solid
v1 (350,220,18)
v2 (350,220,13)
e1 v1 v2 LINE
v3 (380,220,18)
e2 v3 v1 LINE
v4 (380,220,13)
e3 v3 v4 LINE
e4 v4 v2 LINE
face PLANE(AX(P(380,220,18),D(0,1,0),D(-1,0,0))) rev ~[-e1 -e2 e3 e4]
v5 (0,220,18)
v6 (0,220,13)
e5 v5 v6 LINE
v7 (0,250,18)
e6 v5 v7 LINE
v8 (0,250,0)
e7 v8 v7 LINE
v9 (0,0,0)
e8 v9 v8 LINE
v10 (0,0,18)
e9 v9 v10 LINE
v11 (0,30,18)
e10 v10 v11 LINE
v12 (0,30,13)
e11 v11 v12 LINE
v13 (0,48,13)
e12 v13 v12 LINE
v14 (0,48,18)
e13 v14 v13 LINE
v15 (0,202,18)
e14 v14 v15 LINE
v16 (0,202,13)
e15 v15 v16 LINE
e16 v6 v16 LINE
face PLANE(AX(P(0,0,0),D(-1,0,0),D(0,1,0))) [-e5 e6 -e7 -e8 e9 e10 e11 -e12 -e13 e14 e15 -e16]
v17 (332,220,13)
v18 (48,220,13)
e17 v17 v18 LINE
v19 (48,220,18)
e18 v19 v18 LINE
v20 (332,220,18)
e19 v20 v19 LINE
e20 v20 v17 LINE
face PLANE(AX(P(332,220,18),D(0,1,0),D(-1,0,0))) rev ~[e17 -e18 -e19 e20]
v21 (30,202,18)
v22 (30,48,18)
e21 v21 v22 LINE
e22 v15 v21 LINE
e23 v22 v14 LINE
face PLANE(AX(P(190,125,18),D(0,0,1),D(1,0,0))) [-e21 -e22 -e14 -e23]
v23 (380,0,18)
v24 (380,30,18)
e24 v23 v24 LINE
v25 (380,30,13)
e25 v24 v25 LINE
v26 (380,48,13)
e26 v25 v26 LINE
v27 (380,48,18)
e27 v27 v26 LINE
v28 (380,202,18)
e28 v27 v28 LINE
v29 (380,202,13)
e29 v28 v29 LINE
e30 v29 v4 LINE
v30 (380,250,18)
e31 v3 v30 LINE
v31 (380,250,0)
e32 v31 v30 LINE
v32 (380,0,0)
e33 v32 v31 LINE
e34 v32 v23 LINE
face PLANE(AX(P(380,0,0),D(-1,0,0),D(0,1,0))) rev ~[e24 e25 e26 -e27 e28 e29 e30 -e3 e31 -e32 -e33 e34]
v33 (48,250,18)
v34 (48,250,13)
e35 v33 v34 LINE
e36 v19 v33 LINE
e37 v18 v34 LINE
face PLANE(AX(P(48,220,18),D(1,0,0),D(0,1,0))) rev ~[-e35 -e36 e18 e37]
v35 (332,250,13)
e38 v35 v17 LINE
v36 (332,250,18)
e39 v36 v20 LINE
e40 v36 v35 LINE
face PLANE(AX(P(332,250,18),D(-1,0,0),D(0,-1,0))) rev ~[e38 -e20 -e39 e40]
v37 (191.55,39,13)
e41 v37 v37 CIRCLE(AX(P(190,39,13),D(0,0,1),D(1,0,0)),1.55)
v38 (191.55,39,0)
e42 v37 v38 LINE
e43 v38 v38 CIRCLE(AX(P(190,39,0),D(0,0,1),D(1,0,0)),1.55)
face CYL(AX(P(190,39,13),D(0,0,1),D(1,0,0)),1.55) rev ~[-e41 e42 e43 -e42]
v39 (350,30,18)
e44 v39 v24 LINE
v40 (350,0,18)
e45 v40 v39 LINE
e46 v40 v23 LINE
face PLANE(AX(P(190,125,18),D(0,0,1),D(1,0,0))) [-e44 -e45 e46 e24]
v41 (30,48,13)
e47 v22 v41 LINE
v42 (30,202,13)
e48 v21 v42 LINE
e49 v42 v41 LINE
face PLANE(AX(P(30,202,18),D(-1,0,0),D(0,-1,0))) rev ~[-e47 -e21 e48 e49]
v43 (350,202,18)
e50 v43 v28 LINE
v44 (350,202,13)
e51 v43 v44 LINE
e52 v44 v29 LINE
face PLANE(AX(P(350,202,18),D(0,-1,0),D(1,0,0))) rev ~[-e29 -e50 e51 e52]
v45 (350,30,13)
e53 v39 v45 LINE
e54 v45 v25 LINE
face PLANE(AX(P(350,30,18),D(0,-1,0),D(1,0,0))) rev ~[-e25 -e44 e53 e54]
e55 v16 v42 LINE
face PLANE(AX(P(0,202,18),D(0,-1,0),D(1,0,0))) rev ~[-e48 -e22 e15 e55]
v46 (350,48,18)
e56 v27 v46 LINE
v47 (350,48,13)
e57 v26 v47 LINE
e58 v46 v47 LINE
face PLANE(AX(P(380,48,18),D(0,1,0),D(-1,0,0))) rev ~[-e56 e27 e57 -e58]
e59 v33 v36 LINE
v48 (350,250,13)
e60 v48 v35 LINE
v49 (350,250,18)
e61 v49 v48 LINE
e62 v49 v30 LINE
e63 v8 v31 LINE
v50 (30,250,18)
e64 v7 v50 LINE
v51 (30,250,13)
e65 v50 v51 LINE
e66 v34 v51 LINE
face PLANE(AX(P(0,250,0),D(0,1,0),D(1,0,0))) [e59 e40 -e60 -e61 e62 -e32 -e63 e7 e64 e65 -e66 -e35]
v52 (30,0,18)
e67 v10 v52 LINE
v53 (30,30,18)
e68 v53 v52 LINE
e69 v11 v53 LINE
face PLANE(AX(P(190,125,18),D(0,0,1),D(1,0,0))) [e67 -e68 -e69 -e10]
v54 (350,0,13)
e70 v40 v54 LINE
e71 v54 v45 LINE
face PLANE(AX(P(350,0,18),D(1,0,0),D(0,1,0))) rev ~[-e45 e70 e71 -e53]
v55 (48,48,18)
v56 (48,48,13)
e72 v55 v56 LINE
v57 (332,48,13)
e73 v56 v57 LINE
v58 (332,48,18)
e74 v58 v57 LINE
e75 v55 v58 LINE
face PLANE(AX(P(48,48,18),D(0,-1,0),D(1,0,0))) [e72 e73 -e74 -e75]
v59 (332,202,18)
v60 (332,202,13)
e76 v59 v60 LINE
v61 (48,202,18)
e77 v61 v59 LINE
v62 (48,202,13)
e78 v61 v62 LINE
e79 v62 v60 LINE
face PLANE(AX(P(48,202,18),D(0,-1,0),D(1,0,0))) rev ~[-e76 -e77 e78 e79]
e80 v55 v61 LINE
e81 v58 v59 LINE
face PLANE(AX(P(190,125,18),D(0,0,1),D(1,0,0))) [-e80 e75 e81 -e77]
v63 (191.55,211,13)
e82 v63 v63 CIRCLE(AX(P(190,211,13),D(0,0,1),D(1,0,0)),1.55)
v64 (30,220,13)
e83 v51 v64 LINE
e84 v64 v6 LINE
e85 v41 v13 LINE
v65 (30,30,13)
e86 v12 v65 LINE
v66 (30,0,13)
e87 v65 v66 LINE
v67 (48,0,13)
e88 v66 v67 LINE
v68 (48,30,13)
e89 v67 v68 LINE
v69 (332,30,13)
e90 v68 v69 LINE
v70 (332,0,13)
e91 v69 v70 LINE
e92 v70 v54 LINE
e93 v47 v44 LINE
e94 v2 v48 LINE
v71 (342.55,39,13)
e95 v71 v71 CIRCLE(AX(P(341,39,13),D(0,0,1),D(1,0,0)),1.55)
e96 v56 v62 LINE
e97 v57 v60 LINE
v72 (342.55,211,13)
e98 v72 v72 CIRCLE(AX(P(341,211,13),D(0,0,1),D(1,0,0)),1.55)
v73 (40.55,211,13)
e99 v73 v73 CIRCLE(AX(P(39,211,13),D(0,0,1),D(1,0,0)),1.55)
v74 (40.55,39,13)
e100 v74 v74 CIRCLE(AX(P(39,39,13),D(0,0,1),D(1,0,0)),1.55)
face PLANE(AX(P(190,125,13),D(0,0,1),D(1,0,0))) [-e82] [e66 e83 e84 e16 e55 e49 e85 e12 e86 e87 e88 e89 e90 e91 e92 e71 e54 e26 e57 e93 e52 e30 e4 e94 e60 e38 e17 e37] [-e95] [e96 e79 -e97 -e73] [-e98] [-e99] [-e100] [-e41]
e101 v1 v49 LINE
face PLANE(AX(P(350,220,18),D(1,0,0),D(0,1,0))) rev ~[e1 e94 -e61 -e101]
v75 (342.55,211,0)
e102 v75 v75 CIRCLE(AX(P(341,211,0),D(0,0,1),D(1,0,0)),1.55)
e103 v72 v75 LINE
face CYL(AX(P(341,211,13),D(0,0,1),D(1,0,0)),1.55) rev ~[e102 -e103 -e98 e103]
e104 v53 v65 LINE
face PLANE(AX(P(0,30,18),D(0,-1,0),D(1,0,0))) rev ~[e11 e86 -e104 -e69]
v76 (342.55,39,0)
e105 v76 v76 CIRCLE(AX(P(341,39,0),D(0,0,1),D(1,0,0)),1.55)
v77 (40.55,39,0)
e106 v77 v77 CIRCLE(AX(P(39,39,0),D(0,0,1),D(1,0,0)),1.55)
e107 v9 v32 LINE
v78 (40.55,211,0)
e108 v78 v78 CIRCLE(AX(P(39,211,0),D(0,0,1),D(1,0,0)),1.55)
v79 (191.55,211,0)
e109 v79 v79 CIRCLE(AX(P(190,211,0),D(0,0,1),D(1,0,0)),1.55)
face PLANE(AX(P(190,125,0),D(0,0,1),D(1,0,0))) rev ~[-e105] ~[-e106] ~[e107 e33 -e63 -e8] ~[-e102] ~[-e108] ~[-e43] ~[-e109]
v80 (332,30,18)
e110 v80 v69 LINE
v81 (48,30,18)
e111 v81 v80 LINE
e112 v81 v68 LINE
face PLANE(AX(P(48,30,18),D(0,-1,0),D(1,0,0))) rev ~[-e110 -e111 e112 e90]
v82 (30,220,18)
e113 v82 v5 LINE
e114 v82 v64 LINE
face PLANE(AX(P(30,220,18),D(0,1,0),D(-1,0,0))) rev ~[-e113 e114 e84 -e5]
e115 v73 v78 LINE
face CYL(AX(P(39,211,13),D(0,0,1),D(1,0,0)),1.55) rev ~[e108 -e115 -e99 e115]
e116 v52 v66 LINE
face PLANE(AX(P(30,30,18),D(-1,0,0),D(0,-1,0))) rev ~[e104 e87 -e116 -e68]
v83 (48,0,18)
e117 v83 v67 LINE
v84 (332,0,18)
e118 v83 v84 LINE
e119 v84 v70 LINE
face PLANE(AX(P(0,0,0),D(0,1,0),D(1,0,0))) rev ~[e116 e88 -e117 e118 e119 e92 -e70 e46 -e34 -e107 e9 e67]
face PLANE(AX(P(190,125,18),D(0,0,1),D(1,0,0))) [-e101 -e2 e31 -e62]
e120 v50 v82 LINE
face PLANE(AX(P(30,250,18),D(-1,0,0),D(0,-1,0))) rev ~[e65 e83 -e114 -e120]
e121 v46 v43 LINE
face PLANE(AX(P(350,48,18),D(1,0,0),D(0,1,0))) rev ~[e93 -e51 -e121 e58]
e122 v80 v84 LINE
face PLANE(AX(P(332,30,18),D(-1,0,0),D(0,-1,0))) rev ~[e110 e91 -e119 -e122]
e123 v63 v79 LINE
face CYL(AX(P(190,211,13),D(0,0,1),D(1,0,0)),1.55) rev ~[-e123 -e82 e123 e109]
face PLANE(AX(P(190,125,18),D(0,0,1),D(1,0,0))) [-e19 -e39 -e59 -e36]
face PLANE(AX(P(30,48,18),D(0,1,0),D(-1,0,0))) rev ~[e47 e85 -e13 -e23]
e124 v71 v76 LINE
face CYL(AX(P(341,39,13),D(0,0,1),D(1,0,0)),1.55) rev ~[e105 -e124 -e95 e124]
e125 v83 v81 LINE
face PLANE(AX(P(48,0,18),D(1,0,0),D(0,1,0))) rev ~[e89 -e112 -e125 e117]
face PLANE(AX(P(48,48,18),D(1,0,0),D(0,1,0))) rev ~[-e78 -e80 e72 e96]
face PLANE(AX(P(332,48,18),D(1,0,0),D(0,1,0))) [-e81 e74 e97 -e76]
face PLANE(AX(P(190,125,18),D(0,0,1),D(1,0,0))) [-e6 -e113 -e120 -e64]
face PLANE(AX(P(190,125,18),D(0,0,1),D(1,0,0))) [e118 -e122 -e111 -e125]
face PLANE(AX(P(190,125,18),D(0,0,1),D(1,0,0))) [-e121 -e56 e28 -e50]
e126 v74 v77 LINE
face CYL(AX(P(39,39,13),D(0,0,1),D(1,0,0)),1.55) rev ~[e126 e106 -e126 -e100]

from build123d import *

# Parameters (mm, degrees)
SKETCH_W     = 380
SKETCH_H     = 250
PAD_DEPTH    = 18
SKETCH001_W  = 284
SKETCH001_H  = 154
POCKET_DEPTH = 5
SKETCH004_R  = 1.55
HOLE_DEPTH   = 13.001


with BuildPart() as part:
    # Sketch → Pad (new body)
    with BuildSketch(Plane.XY):
        with Locations((190, 125)):
            Rectangle(SKETCH_W, SKETCH_H)
    extrude(amount=PAD_DEPTH)

    # Sketch001 (on Face6 of Pad) → Pocket (cut)
    with BuildSketch(Plane.XY.offset(18)):
        Polygon((30, 250), (30, 220), (0, 220), (0, 202), (30, 202), (30, 48), (0, 48), (0, 30), (30, 30), (30, 0), (48, 0), (48, 30), (332, 30), (332, 0), (350, 0), (350, 30), (380, 30), (380, 48), (350, 48), (350, 202), (380, 202), (380, 220), (350, 220), (350, 250), (332, 250), (332, 220), (48, 220), (48, 250), align=None)
        with Locations((190, 125)):
            Rectangle(SKETCH001_W, SKETCH001_H, mode=Mode.SUBTRACT)
    extrude(amount=-POCKET_DEPTH, mode=Mode.SUBTRACT)

    # Sketch004 (on Face6 of Pocket) → Hole (cut, through all)
    with BuildSketch(Plane.XY.offset(13)):
        with Locations((39, 39)):
            Circle(SKETCH004_R)
        with Locations((341, 39)):
            Circle(SKETCH004_R)
        with Locations((341, 211)):
            Circle(SKETCH004_R)
        with Locations((39, 211)):
            Circle(SKETCH004_R)
        with Locations((190, 211)):
            Circle(SKETCH004_R)
        with Locations((190, 39)):
            Circle(SKETCH004_R)
    extrude(amount=-HOLE_DEPTH, mode=Mode.SUBTRACT)


solid = part.part
